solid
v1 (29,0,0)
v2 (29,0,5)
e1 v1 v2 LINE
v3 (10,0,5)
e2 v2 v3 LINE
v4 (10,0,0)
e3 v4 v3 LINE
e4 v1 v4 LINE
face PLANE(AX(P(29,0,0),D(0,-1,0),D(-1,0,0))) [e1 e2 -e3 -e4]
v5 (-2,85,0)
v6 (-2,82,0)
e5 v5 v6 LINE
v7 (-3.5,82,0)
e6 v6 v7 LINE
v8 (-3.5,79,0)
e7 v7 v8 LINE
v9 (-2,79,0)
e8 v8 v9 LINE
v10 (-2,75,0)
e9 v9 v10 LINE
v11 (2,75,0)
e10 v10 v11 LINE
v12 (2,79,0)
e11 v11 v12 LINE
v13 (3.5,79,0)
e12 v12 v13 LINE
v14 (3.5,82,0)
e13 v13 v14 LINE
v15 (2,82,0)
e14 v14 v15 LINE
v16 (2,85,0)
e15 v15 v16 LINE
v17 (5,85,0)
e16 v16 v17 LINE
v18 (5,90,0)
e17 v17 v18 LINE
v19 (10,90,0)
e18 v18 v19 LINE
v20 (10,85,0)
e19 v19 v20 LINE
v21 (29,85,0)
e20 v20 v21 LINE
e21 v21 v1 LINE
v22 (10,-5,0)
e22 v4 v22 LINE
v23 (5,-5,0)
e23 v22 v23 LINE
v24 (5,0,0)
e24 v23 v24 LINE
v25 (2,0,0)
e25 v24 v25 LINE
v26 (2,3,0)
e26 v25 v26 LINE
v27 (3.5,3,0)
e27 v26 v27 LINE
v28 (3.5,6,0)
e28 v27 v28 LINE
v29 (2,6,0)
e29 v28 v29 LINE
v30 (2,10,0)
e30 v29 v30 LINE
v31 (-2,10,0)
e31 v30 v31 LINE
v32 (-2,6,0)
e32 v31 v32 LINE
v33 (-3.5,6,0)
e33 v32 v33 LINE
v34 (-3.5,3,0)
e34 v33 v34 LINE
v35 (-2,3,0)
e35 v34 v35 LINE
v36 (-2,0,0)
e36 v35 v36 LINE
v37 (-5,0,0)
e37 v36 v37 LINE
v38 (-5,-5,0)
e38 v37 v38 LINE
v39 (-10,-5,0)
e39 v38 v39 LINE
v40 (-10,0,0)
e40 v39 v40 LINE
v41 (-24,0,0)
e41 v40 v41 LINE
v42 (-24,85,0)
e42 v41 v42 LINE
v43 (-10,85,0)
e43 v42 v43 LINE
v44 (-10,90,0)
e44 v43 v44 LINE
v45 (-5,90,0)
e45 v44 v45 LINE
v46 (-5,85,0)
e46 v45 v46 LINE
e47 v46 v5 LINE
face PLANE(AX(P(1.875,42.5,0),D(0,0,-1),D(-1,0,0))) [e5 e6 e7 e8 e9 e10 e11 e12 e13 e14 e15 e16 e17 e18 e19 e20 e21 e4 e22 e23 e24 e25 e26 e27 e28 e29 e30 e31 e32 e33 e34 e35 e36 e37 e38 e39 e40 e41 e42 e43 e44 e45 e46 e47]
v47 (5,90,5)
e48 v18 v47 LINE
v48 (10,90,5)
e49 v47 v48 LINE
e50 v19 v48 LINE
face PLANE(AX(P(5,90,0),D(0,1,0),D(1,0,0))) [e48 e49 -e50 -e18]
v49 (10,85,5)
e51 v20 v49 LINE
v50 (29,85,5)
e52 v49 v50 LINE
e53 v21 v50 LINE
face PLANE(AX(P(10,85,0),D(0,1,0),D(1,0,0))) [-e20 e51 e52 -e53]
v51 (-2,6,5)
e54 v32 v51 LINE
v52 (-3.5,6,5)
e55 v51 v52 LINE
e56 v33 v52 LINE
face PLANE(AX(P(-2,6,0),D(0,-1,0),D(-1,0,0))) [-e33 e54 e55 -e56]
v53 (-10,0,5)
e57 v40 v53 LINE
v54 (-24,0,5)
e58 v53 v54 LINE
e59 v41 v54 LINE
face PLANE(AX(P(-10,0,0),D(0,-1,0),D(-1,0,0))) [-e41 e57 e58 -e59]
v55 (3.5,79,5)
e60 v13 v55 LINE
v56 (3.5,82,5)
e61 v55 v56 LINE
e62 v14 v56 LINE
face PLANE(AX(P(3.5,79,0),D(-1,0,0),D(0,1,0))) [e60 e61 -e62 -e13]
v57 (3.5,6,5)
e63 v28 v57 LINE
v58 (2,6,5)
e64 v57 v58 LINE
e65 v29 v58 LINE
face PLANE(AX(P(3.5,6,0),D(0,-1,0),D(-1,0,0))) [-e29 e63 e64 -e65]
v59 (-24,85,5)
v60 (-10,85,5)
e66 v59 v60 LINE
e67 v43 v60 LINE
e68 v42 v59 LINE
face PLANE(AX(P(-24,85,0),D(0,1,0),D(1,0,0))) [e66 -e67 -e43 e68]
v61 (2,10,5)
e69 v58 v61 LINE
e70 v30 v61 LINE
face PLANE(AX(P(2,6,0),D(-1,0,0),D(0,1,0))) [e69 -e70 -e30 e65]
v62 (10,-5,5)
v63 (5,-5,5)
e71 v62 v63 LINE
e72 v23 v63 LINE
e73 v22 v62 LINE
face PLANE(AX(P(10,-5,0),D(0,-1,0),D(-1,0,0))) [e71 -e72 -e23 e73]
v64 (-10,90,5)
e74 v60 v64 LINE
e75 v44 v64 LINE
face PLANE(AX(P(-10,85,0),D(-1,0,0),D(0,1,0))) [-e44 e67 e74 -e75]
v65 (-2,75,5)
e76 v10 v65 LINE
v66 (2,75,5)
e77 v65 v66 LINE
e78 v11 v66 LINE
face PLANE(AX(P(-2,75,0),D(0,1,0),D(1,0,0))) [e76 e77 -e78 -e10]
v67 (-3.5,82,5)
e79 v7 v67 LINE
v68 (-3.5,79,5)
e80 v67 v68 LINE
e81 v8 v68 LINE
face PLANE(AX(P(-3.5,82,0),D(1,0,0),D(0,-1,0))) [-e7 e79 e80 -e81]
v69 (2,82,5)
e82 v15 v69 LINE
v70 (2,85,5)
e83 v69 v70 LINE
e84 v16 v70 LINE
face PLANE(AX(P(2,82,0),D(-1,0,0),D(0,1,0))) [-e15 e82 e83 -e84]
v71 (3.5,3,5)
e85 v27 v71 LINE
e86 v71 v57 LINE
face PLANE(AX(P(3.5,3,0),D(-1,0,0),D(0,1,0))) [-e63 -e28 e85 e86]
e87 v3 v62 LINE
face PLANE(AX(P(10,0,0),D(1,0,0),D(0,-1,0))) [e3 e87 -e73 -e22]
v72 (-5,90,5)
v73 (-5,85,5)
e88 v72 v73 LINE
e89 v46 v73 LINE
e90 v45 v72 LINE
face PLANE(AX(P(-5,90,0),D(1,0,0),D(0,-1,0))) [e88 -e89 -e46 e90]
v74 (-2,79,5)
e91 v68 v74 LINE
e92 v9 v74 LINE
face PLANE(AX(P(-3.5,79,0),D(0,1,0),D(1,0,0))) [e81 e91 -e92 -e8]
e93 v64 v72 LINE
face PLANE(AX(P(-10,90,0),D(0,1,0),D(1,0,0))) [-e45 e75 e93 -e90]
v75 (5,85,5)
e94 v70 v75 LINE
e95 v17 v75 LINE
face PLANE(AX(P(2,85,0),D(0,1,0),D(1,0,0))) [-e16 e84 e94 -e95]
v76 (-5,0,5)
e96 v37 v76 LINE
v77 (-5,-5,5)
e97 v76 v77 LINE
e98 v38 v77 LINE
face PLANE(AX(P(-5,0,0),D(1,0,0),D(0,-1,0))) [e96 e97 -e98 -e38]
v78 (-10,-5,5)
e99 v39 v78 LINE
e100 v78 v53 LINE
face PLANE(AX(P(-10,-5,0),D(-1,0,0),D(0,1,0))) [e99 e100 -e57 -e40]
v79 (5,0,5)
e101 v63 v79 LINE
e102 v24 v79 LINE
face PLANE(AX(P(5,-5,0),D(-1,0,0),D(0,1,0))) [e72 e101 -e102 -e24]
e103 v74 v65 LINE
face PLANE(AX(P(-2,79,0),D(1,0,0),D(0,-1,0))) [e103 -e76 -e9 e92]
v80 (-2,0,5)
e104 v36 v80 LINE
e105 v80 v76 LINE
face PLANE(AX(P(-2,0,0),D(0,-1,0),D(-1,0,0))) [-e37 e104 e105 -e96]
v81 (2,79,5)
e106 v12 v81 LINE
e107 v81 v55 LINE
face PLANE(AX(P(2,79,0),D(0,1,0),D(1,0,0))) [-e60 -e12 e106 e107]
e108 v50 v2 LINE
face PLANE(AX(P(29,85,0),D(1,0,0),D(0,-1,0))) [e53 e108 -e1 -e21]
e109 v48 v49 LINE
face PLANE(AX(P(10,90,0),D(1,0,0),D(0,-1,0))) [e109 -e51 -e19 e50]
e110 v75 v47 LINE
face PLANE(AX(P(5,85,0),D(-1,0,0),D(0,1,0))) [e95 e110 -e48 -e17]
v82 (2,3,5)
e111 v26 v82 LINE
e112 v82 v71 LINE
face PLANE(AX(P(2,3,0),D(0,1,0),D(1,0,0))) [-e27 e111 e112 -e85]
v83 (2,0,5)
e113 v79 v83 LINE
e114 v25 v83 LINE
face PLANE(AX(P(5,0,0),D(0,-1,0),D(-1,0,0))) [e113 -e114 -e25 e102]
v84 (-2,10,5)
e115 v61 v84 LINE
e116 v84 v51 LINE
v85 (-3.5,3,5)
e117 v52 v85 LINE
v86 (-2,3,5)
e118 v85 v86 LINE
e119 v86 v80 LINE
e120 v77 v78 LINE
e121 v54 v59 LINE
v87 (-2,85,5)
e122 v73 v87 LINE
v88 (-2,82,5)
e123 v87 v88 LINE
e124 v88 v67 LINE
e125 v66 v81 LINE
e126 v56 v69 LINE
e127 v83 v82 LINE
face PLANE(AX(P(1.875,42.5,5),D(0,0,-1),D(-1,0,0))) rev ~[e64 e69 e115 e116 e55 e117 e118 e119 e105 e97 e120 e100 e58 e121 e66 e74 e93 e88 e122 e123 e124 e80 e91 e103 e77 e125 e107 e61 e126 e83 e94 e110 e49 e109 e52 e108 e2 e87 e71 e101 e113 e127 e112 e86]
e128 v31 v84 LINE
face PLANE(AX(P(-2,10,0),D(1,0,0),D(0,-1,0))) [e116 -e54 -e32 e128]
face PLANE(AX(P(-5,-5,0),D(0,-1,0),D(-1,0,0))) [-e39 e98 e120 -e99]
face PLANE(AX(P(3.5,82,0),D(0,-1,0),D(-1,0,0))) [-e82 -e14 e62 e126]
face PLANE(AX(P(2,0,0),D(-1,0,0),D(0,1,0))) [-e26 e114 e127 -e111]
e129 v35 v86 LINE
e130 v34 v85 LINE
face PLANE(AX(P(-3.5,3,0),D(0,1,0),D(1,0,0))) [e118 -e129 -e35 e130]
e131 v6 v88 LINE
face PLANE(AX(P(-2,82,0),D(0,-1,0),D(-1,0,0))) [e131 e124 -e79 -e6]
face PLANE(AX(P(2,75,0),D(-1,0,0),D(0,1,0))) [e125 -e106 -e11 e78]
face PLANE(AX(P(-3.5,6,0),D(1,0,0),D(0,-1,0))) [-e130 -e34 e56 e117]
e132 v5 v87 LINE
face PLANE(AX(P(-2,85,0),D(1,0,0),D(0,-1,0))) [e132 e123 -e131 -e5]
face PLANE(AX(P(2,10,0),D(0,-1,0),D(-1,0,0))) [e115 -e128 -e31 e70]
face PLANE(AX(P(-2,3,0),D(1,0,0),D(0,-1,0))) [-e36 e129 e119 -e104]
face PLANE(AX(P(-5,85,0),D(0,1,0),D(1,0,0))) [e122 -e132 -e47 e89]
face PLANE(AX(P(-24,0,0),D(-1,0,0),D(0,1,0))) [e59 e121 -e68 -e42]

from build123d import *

# Parameters (mm, degrees)
BOSS_EXTRU_1_DEPTH = 5


with BuildPart() as part:
    # Esquisse2 → Boss.-Extru.1 (new body)
    with BuildSketch(Plane.XY):
        Polygon((-2, 82), (-3.5, 82), (-3.5, 79), (-2, 79), (-2, 75), (2, 75), (2, 79), (3.5, 79), (3.5, 82), (2, 82), (2, 85), (5, 85), (5, 90), (10, 90), (10, 85), (29, 85), (29, 0), (10, 0), (10, -5), (5, -5), (5, 0), (2, 0), (2, 3), (3.5, 3), (3.5, 6), (2, 6), (2, 10), (-2, 10), (-2, 6), (-3.5, 6), (-3.5, 3), (-2, 3), (-2, 0), (-5, 0), (-5, -5), (-10, -5), (-10, 0), (-24, 0), (-24, 85), (-10, 85), (-10, 90), (-5, 90), (-5, 85), (-2, 85), align=None)
    extrude(amount=BOSS_EXTRU_1_DEPTH)


solid = part.part
